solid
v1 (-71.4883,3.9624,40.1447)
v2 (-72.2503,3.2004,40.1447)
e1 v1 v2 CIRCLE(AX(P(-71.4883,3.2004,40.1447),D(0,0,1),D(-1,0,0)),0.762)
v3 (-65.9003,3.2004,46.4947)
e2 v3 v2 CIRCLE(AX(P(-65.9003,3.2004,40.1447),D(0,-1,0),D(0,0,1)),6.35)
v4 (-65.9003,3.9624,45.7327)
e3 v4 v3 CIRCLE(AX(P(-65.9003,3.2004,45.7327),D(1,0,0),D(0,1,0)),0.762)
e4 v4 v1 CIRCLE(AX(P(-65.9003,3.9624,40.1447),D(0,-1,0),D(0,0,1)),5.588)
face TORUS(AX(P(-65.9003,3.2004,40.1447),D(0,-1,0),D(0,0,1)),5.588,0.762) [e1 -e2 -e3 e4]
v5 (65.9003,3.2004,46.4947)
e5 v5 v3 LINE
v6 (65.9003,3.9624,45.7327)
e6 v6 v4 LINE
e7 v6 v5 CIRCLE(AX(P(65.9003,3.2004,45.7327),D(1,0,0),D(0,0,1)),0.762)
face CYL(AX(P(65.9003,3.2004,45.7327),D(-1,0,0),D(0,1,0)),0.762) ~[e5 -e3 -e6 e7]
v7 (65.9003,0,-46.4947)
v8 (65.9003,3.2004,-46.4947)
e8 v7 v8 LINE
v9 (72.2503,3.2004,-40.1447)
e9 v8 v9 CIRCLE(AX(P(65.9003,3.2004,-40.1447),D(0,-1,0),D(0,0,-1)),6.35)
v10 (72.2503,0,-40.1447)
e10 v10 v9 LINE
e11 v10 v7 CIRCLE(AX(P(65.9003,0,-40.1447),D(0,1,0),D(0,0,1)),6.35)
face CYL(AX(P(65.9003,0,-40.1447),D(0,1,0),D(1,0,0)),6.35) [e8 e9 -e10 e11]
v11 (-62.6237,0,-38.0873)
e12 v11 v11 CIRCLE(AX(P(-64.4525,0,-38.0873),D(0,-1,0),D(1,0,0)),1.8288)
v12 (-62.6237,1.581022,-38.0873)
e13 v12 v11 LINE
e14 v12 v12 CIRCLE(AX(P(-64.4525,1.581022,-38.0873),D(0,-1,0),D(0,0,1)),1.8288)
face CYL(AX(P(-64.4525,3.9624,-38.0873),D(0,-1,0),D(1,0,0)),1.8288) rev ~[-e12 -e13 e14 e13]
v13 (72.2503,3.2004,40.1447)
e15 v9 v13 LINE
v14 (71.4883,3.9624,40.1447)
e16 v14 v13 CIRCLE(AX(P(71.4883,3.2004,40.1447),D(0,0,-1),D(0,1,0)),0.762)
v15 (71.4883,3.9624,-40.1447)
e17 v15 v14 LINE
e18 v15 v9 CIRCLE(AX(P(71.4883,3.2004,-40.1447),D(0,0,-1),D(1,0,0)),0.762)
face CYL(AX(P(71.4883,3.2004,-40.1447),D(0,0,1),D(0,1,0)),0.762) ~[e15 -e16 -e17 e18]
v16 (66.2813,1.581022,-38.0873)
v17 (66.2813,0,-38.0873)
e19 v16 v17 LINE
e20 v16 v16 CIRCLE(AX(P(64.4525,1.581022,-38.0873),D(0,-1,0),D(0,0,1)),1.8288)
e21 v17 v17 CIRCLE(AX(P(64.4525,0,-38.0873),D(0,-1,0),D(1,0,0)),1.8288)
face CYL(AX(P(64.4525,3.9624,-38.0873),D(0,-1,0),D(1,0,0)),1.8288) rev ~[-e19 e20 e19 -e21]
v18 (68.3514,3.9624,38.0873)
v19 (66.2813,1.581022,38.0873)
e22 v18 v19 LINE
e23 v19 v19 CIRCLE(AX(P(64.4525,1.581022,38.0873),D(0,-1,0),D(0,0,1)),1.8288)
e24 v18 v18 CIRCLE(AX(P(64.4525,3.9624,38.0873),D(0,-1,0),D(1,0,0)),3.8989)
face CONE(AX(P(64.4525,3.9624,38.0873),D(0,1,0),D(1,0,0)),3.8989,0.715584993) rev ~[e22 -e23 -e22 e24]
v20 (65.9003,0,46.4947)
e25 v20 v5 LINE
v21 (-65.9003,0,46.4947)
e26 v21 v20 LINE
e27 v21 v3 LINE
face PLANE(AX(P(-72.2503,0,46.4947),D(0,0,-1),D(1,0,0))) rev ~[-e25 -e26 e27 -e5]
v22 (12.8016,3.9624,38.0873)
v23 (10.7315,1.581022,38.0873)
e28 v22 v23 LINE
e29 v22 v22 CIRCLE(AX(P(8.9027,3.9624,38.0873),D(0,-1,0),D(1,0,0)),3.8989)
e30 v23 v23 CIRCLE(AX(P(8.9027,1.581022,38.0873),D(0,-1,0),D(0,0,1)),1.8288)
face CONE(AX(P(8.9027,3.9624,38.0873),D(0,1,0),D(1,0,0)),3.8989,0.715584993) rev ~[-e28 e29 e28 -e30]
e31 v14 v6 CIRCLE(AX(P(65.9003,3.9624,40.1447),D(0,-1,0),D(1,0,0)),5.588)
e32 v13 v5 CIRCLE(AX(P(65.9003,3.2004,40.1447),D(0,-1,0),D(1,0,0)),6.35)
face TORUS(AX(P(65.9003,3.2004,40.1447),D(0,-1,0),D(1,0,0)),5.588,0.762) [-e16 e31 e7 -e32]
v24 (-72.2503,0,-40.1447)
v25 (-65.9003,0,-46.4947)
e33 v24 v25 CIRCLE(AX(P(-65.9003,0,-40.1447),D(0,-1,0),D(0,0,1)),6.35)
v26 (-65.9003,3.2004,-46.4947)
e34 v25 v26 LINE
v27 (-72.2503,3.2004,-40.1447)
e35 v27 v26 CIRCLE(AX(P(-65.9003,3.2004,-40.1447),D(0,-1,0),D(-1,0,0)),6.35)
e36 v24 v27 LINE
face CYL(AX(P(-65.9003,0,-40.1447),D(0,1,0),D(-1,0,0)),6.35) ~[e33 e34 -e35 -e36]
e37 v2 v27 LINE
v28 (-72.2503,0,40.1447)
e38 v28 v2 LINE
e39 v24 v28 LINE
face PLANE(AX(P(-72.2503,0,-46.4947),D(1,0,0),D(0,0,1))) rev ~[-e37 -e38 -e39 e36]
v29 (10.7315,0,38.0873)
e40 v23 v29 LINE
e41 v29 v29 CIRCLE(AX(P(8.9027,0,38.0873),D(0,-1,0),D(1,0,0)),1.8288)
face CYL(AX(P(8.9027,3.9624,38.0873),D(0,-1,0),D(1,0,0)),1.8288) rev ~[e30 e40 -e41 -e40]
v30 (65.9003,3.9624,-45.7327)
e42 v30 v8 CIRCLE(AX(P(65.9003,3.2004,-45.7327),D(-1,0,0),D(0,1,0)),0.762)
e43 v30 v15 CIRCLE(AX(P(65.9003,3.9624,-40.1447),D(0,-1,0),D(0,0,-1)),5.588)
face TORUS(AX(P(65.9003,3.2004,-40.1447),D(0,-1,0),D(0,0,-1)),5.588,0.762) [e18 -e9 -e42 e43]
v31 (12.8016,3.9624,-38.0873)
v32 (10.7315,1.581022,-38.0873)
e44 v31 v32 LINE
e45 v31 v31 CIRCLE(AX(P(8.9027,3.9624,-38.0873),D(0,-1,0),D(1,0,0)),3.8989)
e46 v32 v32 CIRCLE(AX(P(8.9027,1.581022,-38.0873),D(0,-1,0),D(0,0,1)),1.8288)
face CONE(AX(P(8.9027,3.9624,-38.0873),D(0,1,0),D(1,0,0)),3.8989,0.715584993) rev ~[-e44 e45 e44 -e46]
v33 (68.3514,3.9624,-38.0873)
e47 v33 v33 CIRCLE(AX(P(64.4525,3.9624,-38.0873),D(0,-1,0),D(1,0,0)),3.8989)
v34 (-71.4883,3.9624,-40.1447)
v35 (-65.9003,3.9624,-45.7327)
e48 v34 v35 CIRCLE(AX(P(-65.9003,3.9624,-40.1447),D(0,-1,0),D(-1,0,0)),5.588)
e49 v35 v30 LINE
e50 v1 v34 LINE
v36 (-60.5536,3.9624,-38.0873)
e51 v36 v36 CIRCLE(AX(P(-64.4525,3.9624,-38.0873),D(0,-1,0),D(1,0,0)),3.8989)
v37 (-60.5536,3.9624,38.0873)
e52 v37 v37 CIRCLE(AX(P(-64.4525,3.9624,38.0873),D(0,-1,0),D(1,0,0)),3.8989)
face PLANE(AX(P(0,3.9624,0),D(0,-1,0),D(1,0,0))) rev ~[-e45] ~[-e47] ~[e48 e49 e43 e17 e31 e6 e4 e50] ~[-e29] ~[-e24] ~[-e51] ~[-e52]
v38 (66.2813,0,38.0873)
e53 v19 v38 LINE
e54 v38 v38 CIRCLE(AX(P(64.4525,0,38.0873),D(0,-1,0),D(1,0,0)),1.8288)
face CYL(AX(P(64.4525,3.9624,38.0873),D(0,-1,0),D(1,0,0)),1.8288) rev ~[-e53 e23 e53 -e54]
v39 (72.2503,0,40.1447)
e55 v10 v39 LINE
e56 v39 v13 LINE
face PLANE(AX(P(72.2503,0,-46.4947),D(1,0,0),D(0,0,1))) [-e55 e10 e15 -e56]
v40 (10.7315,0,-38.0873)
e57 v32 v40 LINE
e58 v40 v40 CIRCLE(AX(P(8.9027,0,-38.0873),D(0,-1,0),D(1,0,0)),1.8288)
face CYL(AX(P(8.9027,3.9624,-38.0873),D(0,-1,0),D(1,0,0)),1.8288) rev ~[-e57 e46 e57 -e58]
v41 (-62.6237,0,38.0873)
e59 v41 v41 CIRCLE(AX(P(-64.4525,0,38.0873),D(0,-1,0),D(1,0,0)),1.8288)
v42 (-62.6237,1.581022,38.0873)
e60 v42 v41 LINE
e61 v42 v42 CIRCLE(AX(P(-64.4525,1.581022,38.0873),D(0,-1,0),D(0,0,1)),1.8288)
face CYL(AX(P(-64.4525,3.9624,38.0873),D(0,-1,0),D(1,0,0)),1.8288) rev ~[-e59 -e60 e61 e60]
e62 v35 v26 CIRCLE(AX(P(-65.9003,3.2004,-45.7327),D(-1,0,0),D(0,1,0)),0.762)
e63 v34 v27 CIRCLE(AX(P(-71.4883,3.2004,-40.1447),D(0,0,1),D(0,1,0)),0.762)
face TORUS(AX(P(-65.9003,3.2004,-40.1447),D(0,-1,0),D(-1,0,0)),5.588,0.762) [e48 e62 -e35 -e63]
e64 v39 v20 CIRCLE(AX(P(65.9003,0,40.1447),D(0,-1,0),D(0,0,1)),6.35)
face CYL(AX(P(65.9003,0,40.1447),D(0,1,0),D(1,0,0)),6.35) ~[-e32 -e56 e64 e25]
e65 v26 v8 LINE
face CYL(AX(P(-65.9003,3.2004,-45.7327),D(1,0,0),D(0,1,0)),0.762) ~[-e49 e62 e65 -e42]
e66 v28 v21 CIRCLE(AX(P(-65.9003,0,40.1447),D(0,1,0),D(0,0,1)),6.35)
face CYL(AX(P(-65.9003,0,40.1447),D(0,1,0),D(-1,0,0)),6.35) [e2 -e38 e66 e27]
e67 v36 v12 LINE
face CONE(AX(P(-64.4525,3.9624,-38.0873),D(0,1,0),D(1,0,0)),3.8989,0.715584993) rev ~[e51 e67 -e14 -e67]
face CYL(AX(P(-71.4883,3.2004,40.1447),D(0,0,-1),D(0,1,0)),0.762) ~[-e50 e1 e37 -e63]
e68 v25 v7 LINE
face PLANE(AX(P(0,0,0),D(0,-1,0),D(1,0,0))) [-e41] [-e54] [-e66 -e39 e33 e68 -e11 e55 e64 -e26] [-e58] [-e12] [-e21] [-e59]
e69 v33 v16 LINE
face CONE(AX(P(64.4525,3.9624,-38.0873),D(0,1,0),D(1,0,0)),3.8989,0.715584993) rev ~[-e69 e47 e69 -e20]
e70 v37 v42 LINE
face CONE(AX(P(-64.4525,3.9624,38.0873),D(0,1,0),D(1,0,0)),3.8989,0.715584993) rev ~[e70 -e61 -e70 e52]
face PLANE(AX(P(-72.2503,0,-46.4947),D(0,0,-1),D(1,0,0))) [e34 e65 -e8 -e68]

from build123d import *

# Parameters (mm, degrees)
F0_W           = 144.5006
F0_H           = 92.9894
F1_DEPTH       = 3.9624
F3_D           = 3.6576
F3_CSINK_D     = 7.7978
F3_CSINK_ANGLE = 82
F4_R           = 6.35
F5_R           = 0.762


with BuildPart() as f1:
    # F0 (on Front) → F1 (new body)
    with BuildSketch(Plane.XZ):
        Rectangle(F0_W, F0_H)
    extrude(amount=-F1_DEPTH)

    # F3 (through all)
    with Locations(Plane(origin=(0, 3.9624, 0), x_dir=(-1, 0, 0), z_dir=(0, 1, 0))):
        with Locations((-64.4525, 38.0873), (-8.9027, 38.0873), (64.4525, 38.0873), (64.4525, -38.0873), (-8.9027, -38.0873), (-64.4525, -38.0873)):
            CounterSinkHole(F3_D / 2, F3_CSINK_D / 2, counter_sink_angle=F3_CSINK_ANGLE)

    # F4
    f4_edges = [f1.edges().sort_by_distance(p)[0] for p in [
        (72.2503, 1.9812, 46.4947),
        (72.2503, 1.9812, -46.4947),
        (-72.2503, 1.9812, -46.4947),
        (-72.2503, 1.9812, 46.4947),
    ]]
    fillet(f4_edges, radius=F4_R)

    # F5
    f5_edges = [f1.edges().sort_by_distance(p)[0] for p in [
        (0, 3.9624, -46.4947),
    ]]
    fillet(f5_edges, radius=F5_R)


solid = f1.part
